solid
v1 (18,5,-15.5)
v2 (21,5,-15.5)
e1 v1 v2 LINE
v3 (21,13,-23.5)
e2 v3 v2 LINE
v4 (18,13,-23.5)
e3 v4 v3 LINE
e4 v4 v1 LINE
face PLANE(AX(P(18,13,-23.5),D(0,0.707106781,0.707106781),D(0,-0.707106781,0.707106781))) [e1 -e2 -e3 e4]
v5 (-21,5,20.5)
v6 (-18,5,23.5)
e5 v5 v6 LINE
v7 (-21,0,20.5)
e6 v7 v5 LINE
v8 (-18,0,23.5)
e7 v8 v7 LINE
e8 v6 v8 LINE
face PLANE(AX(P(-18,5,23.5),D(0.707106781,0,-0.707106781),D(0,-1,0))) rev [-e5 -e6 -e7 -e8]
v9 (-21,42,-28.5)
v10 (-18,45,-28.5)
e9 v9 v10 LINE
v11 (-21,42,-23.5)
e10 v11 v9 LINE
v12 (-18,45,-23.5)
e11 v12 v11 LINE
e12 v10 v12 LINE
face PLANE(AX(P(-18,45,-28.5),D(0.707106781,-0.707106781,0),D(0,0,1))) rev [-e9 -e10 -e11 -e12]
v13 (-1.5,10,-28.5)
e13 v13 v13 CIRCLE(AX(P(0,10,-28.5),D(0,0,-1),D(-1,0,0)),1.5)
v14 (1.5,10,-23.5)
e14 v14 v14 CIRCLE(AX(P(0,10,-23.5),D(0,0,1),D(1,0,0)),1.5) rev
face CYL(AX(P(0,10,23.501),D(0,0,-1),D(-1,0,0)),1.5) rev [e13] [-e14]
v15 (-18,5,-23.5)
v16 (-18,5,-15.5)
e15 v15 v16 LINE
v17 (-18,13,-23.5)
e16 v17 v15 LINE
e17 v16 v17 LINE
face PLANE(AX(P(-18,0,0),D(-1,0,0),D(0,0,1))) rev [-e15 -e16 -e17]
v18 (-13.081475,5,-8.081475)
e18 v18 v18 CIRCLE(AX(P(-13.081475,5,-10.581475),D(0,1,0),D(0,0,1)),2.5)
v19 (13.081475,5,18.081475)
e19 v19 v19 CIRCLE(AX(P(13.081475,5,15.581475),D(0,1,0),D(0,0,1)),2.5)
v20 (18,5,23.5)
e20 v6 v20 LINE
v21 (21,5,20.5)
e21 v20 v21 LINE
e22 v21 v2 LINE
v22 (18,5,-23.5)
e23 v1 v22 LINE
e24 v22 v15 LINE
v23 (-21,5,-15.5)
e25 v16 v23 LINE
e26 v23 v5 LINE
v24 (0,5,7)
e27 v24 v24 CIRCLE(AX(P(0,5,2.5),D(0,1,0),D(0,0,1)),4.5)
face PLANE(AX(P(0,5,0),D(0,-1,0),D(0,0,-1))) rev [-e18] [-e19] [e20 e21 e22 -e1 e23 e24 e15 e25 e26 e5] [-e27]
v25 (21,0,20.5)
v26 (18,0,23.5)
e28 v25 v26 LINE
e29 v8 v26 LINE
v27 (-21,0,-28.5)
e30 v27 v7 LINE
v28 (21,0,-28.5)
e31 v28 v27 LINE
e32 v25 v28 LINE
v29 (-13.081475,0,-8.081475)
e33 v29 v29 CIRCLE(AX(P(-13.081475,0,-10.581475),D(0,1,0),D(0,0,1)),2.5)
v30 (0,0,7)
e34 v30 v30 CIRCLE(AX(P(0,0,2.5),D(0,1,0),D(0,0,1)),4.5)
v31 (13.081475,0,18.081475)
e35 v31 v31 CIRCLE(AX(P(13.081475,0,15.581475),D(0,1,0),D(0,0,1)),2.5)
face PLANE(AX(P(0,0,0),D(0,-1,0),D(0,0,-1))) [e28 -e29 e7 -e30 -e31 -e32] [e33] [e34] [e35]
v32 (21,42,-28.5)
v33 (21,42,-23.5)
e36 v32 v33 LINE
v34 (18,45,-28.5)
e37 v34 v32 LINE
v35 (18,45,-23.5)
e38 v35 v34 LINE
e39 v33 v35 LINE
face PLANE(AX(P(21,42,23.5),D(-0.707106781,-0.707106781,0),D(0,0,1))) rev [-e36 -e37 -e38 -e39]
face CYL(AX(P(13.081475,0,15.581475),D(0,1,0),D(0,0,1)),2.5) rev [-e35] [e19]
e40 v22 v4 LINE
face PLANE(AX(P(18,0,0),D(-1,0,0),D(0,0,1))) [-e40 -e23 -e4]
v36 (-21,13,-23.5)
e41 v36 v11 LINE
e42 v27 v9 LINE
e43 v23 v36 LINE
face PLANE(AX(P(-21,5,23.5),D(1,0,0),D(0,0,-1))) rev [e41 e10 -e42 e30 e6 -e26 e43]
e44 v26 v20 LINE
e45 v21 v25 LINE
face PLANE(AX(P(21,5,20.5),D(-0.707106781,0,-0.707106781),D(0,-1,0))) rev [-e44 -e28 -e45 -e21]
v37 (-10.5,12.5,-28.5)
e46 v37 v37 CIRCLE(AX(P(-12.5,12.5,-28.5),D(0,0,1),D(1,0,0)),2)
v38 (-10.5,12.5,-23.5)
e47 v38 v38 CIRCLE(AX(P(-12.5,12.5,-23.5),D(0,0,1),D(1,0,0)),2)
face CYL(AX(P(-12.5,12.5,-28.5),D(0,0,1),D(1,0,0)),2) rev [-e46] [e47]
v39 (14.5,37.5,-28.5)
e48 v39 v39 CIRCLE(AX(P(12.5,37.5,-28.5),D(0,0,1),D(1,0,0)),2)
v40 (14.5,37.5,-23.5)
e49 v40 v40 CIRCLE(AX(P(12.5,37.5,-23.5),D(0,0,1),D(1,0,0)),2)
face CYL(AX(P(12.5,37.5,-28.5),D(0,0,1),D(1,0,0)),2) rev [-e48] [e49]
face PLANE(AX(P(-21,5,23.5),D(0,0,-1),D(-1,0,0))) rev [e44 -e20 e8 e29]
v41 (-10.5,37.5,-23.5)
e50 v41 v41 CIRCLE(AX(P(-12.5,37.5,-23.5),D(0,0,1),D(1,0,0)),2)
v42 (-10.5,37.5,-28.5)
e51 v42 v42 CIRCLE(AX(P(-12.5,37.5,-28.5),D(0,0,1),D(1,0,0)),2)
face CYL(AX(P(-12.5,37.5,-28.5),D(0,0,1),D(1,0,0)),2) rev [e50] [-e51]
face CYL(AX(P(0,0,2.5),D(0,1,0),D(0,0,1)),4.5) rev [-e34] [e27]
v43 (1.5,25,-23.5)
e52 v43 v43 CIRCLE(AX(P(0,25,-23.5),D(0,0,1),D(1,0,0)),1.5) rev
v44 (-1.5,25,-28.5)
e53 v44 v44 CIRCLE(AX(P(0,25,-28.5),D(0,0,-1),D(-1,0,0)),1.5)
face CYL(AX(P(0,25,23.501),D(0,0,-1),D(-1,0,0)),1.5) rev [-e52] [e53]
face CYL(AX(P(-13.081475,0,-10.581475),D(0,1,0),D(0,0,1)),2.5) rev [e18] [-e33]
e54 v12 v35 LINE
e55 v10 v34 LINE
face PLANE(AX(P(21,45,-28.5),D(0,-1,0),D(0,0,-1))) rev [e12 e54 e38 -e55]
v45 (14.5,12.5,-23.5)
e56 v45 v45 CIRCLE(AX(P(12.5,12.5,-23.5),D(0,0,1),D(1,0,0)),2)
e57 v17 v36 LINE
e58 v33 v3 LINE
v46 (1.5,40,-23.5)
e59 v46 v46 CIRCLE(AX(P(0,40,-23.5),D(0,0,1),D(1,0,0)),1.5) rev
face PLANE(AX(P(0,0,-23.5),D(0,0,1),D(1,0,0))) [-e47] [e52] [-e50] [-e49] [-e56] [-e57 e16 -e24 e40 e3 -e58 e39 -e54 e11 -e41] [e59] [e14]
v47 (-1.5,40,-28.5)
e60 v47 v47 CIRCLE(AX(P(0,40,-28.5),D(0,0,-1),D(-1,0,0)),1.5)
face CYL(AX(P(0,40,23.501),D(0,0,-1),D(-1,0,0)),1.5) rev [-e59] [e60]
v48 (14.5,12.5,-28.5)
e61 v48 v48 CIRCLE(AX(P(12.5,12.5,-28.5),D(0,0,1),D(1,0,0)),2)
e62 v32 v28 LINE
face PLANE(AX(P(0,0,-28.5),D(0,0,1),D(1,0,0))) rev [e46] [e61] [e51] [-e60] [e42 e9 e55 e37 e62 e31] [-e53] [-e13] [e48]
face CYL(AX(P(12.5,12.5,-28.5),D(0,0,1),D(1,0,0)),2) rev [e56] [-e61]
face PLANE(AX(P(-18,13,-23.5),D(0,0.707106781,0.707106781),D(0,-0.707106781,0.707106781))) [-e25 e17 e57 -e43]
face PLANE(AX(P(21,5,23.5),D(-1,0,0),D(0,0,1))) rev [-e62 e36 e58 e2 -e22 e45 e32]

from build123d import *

# Parameters (mm, degrees)
SKETCH1_W           = 42
SKETCH1_H           = 47
BOSS_EXTRUDE1_DEPTH = 5
SKETCH4_W           = 42
SKETCH4_H           = 45
BOSS_EXTRUDE2_DEPTH = 5
BOSS_EXTRUDE3_DEPTH = 3
BOSS_EXTRUDE4_DEPTH = 3
SKETCH2_R           = 2.5
SKETCH2_R_2         = 4.5
CUT_EXTRUDE1_DEPTH  = 54.415821626
SKETCH9_R           = 2
CUT_EXTRUDE4_DEPTH  = 69.373971656
CHAMFER2_SIZE       = 3
CUT_EXTRUDE5_REACH  = 73.903
SKETCH10_R          = 1.5


with BuildPart() as part:
    # Sketch1 → Boss-Extrude1 (new body)
    with BuildSketch(Plane(origin=(0, 0, 0), x_dir=(1, 0, 0), z_dir=(0, 1, 0))):
        Rectangle(SKETCH1_W, SKETCH1_H)
    extrude(amount=BOSS_EXTRUDE1_DEPTH)

    # Sketch4 → Boss-Extrude2 (add)
    with BuildSketch(Plane(origin=(0, 0, -23.5), x_dir=(-1, 0, 0), z_dir=(0, 0, -1))):
        with Locations((0, 22.5)):
            Rectangle(SKETCH4_W, SKETCH4_H)
    extrude(amount=BOSS_EXTRUDE2_DEPTH)

    # Sketch5 → Boss-Extrude3 (add)
    with BuildSketch(Plane(origin=(21, 0, 0), x_dir=(0, 0, -1), z_dir=(1, 0, 0))):
        Polygon((23.5, 13), (15.5, 5), (23.5, 5), align=None)
    extrude(amount=-BOSS_EXTRUDE3_DEPTH)

    # Sketch6 → Boss-Extrude4 (add)
    with BuildSketch(Plane.ZY.offset(21)):
        Polygon((-23.5, 13), (-15.5, 5), (-23.5, 5), align=None)
    extrude(amount=-BOSS_EXTRUDE4_DEPTH)

    # Sketch2 → Cut-Extrude1 (cut, through all)
    with BuildSketch(Plane(origin=(0, 5, 0), x_dir=(1, 0, 0), z_dir=(0, 1, 0))):
        with Locations(Location((-13.081475452, 10.581475452, 0), (0, 0, 270))):
            Circle(SKETCH2_R)
        with Locations(Location((13.081475452, -15.581475452, 0), (0, 0, 270))):
            Circle(SKETCH2_R)
        with Locations(Location((0, -2.5, 0), (0, 0, 270))):
            Circle(SKETCH2_R_2)
    extrude(amount=-CUT_EXTRUDE1_DEPTH, mode=Mode.SUBTRACT)

    # Sketch9 → Cut-Extrude4 (cut, through all)
    with BuildSketch(Plane.XY.offset(-23.5)):
        with Locations((-12.5, 37.5)):
            Circle(SKETCH9_R)
        with Locations((12.5, 37.5)):
            Circle(SKETCH9_R)
        with Locations((12.5, 12.5)):
            Circle(SKETCH9_R)
        with Locations((-12.5, 12.5)):
            Circle(SKETCH9_R)
    extrude(amount=-CUT_EXTRUDE4_DEPTH, mode=Mode.SUBTRACT)

    # Chamfer2
    chamfer2_edges = [part.edges().sort_by_distance(p)[0] for p in [
        (-21, 2.5, 23.5),
        (21, 2.5, 23.5),
        (21, 45, -26),
        (-21, 45, -26),
    ]]
    chamfer(chamfer2_edges, length=CHAMFER2_SIZE)

    # Sketch10 → Cut-Extrude5 (cut, up to next)
    with BuildSketch(Plane(origin=(0, 0, -28.5), x_dir=(-1, 0, 0), z_dir=(0, 0, -1)), mode=Mode.PRIVATE) as cut_extrude5_sk1:
        with Locations((0, 25)):
            Circle(SKETCH10_R)
    cut_extrude5_tool1 = extrude(cut_extrude5_sk1.sketch, amount=-CUT_EXTRUDE5_REACH, mode=Mode.PRIVATE) & part.part
    # Sketch10 → Cut-Extrude5 (cut, up to next)
    with BuildSketch(Plane(origin=(0, 0, -28.5), x_dir=(-1, 0, 0), z_dir=(0, 0, -1)), mode=Mode.PRIVATE) as cut_extrude5_sk2:
        with Locations((0, 10)):
            Circle(SKETCH10_R)
    cut_extrude5_tool2 = extrude(cut_extrude5_sk2.sketch, amount=-CUT_EXTRUDE5_REACH, mode=Mode.PRIVATE) & part.part
    # Sketch10 → Cut-Extrude5 (cut, up to next)
    with BuildSketch(Plane(origin=(0, 0, -28.5), x_dir=(-1, 0, 0), z_dir=(0, 0, -1)), mode=Mode.PRIVATE) as cut_extrude5_sk3:
        with Locations((0, 40)):
            Circle(SKETCH10_R)
    cut_extrude5_tool3 = extrude(cut_extrude5_sk3.sketch, amount=-CUT_EXTRUDE5_REACH, mode=Mode.PRIVATE) & part.part
    add(cut_extrude5_tool1.solids().sort_by_distance((0, 25, -28.5))[0], mode=Mode.SUBTRACT)
    add(cut_extrude5_tool2.solids().sort_by_distance((0, 10, -28.5))[0], mode=Mode.SUBTRACT)
    add(cut_extrude5_tool3.solids().sort_by_distance((0, 40, -28.5))[0], mode=Mode.SUBTRACT)


solid = part.part
